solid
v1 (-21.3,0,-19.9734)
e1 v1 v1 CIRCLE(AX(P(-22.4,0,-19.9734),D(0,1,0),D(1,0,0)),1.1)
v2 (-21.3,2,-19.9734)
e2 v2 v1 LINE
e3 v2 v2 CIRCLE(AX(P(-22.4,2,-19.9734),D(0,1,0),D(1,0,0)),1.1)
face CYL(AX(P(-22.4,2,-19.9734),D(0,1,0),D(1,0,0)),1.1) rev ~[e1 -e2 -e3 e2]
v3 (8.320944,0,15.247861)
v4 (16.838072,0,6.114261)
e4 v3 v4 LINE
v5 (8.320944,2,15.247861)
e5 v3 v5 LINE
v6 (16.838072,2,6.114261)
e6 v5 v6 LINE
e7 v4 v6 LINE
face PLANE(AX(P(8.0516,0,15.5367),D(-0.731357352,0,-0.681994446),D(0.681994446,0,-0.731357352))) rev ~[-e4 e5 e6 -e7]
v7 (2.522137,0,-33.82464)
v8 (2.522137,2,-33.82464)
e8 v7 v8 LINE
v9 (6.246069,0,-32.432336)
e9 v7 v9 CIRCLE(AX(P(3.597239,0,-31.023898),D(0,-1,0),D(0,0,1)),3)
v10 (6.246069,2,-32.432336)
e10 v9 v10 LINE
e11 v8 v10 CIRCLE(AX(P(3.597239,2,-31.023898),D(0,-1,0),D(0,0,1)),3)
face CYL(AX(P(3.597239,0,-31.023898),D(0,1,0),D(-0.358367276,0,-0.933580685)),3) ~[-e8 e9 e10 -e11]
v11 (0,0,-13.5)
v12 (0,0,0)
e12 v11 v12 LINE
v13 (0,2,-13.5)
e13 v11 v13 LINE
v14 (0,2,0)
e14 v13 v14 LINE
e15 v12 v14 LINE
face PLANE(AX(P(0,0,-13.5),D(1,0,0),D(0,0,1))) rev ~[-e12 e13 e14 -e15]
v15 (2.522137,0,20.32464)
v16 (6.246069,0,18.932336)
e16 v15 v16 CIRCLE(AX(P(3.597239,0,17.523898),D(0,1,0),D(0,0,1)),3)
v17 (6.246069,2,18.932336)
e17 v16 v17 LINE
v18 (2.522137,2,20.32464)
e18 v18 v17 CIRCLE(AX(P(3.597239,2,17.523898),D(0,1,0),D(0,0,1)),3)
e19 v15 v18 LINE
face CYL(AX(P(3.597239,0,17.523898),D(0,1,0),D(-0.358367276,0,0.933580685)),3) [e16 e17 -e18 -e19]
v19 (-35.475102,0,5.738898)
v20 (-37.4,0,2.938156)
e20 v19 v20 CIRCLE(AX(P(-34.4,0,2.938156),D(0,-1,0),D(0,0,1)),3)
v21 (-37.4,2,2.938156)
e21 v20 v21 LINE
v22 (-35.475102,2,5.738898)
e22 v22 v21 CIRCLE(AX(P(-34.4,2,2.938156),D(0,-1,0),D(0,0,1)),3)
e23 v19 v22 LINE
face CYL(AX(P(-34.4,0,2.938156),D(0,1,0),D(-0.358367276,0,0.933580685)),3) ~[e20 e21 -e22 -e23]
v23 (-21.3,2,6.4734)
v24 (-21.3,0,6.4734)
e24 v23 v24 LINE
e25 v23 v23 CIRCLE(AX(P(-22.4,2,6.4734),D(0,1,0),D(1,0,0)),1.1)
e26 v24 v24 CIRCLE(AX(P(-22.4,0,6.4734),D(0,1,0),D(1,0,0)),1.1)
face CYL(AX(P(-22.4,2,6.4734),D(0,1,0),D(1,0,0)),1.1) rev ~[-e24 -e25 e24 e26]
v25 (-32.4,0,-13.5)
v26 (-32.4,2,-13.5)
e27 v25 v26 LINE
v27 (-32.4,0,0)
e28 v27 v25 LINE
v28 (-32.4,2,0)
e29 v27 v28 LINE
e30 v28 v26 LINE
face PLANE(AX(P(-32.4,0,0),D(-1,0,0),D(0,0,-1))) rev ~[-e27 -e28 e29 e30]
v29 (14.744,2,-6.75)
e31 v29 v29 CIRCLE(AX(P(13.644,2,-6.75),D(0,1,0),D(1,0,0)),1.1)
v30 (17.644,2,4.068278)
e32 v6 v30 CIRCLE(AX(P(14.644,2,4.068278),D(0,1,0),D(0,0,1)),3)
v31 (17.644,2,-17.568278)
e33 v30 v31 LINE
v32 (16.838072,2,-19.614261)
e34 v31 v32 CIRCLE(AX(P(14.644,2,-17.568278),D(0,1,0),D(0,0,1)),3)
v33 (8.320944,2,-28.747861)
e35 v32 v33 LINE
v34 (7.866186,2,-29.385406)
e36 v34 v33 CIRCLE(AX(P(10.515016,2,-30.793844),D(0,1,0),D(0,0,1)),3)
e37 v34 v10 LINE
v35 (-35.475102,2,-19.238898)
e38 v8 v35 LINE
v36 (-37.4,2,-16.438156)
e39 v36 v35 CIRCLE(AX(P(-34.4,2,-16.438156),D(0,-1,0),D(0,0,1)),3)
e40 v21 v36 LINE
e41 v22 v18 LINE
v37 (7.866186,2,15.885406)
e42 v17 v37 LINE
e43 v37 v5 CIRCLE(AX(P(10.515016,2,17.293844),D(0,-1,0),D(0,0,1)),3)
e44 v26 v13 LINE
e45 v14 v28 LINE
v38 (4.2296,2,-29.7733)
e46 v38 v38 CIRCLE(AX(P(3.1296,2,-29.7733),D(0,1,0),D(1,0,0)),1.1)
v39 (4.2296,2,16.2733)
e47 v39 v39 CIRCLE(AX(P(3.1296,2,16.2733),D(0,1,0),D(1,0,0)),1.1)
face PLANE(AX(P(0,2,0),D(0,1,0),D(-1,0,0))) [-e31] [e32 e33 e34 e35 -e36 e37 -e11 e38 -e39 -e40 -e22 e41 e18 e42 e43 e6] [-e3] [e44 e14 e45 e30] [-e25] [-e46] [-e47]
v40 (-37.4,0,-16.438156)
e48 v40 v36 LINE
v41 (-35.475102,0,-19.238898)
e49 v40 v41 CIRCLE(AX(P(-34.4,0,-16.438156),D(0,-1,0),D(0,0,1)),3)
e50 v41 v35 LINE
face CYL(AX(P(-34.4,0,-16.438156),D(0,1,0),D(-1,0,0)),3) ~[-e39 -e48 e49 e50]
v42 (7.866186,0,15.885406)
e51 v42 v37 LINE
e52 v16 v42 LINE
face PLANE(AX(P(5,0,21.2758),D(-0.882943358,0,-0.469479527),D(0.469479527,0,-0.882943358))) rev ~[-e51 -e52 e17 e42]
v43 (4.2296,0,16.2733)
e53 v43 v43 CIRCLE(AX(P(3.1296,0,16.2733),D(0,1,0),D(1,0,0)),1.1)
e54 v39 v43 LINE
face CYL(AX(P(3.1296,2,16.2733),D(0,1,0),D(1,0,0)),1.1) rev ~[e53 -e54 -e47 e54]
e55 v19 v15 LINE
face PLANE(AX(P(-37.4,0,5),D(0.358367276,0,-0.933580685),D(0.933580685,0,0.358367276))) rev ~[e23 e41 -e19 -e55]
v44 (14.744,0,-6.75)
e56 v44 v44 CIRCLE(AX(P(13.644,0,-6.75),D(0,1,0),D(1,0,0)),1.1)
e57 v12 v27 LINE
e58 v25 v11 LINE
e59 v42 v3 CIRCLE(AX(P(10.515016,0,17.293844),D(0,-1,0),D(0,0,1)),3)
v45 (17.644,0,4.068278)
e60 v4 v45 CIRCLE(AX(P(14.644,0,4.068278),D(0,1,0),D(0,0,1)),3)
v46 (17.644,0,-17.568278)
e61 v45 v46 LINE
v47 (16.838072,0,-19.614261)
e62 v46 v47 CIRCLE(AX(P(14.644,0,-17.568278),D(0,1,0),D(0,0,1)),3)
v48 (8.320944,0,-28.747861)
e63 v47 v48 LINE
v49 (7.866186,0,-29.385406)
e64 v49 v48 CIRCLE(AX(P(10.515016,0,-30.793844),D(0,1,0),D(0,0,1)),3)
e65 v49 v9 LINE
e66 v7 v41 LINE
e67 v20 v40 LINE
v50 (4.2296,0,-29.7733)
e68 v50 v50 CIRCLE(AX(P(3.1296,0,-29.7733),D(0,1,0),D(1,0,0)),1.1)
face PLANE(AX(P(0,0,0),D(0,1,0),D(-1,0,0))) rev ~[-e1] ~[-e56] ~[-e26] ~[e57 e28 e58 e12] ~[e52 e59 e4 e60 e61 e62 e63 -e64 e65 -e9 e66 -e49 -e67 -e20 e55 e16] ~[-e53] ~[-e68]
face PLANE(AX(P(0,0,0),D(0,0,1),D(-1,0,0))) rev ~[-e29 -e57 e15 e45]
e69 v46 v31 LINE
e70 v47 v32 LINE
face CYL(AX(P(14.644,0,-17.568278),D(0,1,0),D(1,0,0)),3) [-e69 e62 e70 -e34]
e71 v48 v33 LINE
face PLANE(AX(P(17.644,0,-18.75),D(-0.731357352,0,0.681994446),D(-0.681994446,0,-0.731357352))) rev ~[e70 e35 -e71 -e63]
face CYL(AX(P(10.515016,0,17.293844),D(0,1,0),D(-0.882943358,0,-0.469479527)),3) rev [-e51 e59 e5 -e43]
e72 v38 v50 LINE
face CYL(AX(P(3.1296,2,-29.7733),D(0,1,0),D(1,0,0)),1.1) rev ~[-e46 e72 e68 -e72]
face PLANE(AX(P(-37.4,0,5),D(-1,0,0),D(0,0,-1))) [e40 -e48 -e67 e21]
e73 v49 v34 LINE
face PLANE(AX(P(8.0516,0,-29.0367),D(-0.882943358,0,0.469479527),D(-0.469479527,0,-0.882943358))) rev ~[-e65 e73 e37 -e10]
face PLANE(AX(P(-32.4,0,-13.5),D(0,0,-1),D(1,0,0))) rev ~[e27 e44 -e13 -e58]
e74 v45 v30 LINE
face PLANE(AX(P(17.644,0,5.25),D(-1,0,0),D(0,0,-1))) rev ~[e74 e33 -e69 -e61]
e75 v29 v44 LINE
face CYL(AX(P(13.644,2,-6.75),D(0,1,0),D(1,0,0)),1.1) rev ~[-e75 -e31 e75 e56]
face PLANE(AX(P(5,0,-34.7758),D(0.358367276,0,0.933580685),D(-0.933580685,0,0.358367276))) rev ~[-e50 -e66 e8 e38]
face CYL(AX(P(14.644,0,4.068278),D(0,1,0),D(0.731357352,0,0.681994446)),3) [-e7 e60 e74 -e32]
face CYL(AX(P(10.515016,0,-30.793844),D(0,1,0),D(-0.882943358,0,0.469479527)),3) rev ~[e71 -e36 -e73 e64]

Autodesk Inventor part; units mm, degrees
ref_plane "YZ Plane" through (0, 0, 0) normal (1, 0, 0) x (0, 1, 0)
ref_plane "XZ Plane" through (0, 0, 0) normal (0, 1, 0) x (-1, 0, 0)
ref_plane "XY Plane" through (0, 0, 0) normal (0, 0, 1) x (1, 0, 0)
sketch "Sketch1" plane through (0, 0, 0) normal (0, 1, 0) x (-1, 0, 0)
  line L0 (0, 0) -> (32.4, 0)
  line L1 (32.4, 0) -> (32.4, -13.5)
  line L2 (32.4, -13.5) -> (0, -13.5)
  line L3 (0, -13.5) -> (0, 0)
  line L4 (-5, 5) -> (37.4, 5)
  line L5 (37.4, 5) -> (37.4, -18.5)
  line L6 (37.4, -18.5) -> (-5, -18.5)
  line L7 (-5, -18.5) -> (-5, 5)
  line L8 (37.4, 5) -> (-5, 21.2758)
  line L9 (-5, 21.2758) -> (-5, -34.7758)
  line L10 (-5, -34.7758) -> (37.4, -18.5)
  line L11 (-5, 21.2758) -> (-8.0516, 15.5367)
  line L12 (-8.0516, 15.5367) -> (-17.644, 5.25)
  line L13 (-17.644, 5.25) -> (-17.644, -18.75)
  line L14 (-17.644, -18.75) -> (-8.0516, -29.0367)
  line L15 (-8.0516, -29.0367) -> (-5, -34.7758)
  point P0 (-5, -6.75)
  dimension "d0" = 32.4
  dimension "d1" = 13.5
  dimension "d2" = 5
  dimension "d5" = 21
  dimension "d6" = 21
  dimension "d8" = 28
  dimension "d9" = 28
  dimension "d11" = 6.5
  dimension "d12" = 24
  dimension "d13" = 6.5
  dimension "d15" = 165
  dimension "d16" = 165
extrude "Extrusion1" add sketch "Sketch1" along normal blind 2
fillet "Fillet1" radius 3 8 edges at (5, 1, 21.2758) (17.644, 1, 5.25) (17.644, 1, -18.75) (5, 1, -34.7758) (8.0516, 1, -29.0367) (8.0516, 1, 15.5367) (-37.4, 1, 5) (-37.4, 1, -18.5)
sketch "Sketch2" plane through (0, 2, 0) normal (0, 1, 0) x (1, 0, 0)
  circle A0 centre (3.1296, -16.2733) radius 1.1
  circle A1 centre (3.1296, 29.7733) radius 1.1
  circle A2 centre (13.644, 6.75) radius 1.1
  circle A3 centre (-22.4, -6.4734) radius 1.1
  circle A4 centre (-22.4, 19.9734) radius 1.1
  arc A5 (-35.4751, 19.2389) -> (-37.4, 16.4382) centre (-34.4, 16.4382) ccw projected
  line L0 (-37.4, 16.4382) -> (-37.4, -2.9382) projected
  arc A6 (-37.4, -2.9382) -> (-35.4751, -5.7389) centre (-34.4, -2.9382) ccw projected
  line L1 (-35.4751, -5.7389) -> (2.5221, -20.3247) projected
  arc A7 (2.5221, -20.3247) -> (6.2461, -18.9323) centre (3.5972, -17.5239) ccw projected
  line L2 (6.2461, -18.9323) -> (7.8661, -15.8854) projected
  arc A8 (8.3209, -15.2478) -> (7.8661, -15.8854) centre (10.515, -17.2938) ccw projected
  line L3 (8.3209, -15.2478) -> (16.8381, -6.1143) projected
  arc A9 (16.8381, -6.1143) -> (17.644, -4.0683) centre (14.644, -4.0683) ccw projected
  line L4 (17.644, -4.0683) -> (17.644, 17.5683) projected
  arc A10 (17.644, 17.5683) -> (16.8381, 19.6143) centre (14.644, 17.5683) ccw projected
  line L5 (16.8381, 19.6143) -> (8.3209, 28.7478) projected
  arc A11 (7.8661, 29.3854) -> (8.3209, 28.7478) centre (10.515, 30.7938) ccw projected
  line L6 (7.8661, 29.3854) -> (6.2461, 32.4323) projected
  arc A12 (6.2461, 32.4323) -> (2.5221, 33.8247) centre (3.5972, 31.0239) ccw projected
  line L7 (2.5221, 33.8247) -> (-35.4751, 19.2389) projected
  line L8 (0, 0) -> (-32.4, 0) projected
  line L9 (-32.4, 0) -> (-32.4, 13.5) projected
  line L10 (-32.4, 13.5) -> (0, 13.5) projected
  line L11 (0, 13.5) -> (0, 0) projected
  point P0 (17.644, 6.75)
  dimension "d18" = 2.2
  dimension "d19" = 2.2
  dimension "d20" = 2.2
  dimension "d21" = 2.2
  dimension "d22" = 2.2
  dimension "d23" = 4
  dimension "d25" = 15
  dimension "d26" = 4
  dimension "d27" = 4
  dimension "d28" = 4
  dimension "d29" = 4
  dimension "d30" = 4
extrude "Extrusion2" cut sketch "Sketch2" against normal up to surface (2 mm away) contours A0 | A1 | A2 | A3 | A4
equation "\"d6\" = d5"
equation "\"d9\" = d8"
equation "\"d13\" = d11"
equation "\"d16\" = d15"
equation "\"d23\" = d28"
equation "\"d26\" = d28"
equation "\"d27\" = d28"
equation "\"d29\" = d28"
equation "\"d30\" = d26"
equation "\"BendRadius\" = Thickness"
equation "\"BendReliefWidth\" = Thickness"
equation "\"BendReliefDepth\" = 0.5 * Thickness"
equation "\"CornerReliefSize\" = 4 * Thickness"
equation "\"MinimumRemnant\" = 2 * Thickness"
equation "\"TransitionRadius\" = BendRadius"
equation "\"JacobiRadiusSize\" = BendRadius"
equation "\"GapSize\" = Thickness"
equation "\"Thickness\" = 3.048"
properties part number "Screen Cover"
